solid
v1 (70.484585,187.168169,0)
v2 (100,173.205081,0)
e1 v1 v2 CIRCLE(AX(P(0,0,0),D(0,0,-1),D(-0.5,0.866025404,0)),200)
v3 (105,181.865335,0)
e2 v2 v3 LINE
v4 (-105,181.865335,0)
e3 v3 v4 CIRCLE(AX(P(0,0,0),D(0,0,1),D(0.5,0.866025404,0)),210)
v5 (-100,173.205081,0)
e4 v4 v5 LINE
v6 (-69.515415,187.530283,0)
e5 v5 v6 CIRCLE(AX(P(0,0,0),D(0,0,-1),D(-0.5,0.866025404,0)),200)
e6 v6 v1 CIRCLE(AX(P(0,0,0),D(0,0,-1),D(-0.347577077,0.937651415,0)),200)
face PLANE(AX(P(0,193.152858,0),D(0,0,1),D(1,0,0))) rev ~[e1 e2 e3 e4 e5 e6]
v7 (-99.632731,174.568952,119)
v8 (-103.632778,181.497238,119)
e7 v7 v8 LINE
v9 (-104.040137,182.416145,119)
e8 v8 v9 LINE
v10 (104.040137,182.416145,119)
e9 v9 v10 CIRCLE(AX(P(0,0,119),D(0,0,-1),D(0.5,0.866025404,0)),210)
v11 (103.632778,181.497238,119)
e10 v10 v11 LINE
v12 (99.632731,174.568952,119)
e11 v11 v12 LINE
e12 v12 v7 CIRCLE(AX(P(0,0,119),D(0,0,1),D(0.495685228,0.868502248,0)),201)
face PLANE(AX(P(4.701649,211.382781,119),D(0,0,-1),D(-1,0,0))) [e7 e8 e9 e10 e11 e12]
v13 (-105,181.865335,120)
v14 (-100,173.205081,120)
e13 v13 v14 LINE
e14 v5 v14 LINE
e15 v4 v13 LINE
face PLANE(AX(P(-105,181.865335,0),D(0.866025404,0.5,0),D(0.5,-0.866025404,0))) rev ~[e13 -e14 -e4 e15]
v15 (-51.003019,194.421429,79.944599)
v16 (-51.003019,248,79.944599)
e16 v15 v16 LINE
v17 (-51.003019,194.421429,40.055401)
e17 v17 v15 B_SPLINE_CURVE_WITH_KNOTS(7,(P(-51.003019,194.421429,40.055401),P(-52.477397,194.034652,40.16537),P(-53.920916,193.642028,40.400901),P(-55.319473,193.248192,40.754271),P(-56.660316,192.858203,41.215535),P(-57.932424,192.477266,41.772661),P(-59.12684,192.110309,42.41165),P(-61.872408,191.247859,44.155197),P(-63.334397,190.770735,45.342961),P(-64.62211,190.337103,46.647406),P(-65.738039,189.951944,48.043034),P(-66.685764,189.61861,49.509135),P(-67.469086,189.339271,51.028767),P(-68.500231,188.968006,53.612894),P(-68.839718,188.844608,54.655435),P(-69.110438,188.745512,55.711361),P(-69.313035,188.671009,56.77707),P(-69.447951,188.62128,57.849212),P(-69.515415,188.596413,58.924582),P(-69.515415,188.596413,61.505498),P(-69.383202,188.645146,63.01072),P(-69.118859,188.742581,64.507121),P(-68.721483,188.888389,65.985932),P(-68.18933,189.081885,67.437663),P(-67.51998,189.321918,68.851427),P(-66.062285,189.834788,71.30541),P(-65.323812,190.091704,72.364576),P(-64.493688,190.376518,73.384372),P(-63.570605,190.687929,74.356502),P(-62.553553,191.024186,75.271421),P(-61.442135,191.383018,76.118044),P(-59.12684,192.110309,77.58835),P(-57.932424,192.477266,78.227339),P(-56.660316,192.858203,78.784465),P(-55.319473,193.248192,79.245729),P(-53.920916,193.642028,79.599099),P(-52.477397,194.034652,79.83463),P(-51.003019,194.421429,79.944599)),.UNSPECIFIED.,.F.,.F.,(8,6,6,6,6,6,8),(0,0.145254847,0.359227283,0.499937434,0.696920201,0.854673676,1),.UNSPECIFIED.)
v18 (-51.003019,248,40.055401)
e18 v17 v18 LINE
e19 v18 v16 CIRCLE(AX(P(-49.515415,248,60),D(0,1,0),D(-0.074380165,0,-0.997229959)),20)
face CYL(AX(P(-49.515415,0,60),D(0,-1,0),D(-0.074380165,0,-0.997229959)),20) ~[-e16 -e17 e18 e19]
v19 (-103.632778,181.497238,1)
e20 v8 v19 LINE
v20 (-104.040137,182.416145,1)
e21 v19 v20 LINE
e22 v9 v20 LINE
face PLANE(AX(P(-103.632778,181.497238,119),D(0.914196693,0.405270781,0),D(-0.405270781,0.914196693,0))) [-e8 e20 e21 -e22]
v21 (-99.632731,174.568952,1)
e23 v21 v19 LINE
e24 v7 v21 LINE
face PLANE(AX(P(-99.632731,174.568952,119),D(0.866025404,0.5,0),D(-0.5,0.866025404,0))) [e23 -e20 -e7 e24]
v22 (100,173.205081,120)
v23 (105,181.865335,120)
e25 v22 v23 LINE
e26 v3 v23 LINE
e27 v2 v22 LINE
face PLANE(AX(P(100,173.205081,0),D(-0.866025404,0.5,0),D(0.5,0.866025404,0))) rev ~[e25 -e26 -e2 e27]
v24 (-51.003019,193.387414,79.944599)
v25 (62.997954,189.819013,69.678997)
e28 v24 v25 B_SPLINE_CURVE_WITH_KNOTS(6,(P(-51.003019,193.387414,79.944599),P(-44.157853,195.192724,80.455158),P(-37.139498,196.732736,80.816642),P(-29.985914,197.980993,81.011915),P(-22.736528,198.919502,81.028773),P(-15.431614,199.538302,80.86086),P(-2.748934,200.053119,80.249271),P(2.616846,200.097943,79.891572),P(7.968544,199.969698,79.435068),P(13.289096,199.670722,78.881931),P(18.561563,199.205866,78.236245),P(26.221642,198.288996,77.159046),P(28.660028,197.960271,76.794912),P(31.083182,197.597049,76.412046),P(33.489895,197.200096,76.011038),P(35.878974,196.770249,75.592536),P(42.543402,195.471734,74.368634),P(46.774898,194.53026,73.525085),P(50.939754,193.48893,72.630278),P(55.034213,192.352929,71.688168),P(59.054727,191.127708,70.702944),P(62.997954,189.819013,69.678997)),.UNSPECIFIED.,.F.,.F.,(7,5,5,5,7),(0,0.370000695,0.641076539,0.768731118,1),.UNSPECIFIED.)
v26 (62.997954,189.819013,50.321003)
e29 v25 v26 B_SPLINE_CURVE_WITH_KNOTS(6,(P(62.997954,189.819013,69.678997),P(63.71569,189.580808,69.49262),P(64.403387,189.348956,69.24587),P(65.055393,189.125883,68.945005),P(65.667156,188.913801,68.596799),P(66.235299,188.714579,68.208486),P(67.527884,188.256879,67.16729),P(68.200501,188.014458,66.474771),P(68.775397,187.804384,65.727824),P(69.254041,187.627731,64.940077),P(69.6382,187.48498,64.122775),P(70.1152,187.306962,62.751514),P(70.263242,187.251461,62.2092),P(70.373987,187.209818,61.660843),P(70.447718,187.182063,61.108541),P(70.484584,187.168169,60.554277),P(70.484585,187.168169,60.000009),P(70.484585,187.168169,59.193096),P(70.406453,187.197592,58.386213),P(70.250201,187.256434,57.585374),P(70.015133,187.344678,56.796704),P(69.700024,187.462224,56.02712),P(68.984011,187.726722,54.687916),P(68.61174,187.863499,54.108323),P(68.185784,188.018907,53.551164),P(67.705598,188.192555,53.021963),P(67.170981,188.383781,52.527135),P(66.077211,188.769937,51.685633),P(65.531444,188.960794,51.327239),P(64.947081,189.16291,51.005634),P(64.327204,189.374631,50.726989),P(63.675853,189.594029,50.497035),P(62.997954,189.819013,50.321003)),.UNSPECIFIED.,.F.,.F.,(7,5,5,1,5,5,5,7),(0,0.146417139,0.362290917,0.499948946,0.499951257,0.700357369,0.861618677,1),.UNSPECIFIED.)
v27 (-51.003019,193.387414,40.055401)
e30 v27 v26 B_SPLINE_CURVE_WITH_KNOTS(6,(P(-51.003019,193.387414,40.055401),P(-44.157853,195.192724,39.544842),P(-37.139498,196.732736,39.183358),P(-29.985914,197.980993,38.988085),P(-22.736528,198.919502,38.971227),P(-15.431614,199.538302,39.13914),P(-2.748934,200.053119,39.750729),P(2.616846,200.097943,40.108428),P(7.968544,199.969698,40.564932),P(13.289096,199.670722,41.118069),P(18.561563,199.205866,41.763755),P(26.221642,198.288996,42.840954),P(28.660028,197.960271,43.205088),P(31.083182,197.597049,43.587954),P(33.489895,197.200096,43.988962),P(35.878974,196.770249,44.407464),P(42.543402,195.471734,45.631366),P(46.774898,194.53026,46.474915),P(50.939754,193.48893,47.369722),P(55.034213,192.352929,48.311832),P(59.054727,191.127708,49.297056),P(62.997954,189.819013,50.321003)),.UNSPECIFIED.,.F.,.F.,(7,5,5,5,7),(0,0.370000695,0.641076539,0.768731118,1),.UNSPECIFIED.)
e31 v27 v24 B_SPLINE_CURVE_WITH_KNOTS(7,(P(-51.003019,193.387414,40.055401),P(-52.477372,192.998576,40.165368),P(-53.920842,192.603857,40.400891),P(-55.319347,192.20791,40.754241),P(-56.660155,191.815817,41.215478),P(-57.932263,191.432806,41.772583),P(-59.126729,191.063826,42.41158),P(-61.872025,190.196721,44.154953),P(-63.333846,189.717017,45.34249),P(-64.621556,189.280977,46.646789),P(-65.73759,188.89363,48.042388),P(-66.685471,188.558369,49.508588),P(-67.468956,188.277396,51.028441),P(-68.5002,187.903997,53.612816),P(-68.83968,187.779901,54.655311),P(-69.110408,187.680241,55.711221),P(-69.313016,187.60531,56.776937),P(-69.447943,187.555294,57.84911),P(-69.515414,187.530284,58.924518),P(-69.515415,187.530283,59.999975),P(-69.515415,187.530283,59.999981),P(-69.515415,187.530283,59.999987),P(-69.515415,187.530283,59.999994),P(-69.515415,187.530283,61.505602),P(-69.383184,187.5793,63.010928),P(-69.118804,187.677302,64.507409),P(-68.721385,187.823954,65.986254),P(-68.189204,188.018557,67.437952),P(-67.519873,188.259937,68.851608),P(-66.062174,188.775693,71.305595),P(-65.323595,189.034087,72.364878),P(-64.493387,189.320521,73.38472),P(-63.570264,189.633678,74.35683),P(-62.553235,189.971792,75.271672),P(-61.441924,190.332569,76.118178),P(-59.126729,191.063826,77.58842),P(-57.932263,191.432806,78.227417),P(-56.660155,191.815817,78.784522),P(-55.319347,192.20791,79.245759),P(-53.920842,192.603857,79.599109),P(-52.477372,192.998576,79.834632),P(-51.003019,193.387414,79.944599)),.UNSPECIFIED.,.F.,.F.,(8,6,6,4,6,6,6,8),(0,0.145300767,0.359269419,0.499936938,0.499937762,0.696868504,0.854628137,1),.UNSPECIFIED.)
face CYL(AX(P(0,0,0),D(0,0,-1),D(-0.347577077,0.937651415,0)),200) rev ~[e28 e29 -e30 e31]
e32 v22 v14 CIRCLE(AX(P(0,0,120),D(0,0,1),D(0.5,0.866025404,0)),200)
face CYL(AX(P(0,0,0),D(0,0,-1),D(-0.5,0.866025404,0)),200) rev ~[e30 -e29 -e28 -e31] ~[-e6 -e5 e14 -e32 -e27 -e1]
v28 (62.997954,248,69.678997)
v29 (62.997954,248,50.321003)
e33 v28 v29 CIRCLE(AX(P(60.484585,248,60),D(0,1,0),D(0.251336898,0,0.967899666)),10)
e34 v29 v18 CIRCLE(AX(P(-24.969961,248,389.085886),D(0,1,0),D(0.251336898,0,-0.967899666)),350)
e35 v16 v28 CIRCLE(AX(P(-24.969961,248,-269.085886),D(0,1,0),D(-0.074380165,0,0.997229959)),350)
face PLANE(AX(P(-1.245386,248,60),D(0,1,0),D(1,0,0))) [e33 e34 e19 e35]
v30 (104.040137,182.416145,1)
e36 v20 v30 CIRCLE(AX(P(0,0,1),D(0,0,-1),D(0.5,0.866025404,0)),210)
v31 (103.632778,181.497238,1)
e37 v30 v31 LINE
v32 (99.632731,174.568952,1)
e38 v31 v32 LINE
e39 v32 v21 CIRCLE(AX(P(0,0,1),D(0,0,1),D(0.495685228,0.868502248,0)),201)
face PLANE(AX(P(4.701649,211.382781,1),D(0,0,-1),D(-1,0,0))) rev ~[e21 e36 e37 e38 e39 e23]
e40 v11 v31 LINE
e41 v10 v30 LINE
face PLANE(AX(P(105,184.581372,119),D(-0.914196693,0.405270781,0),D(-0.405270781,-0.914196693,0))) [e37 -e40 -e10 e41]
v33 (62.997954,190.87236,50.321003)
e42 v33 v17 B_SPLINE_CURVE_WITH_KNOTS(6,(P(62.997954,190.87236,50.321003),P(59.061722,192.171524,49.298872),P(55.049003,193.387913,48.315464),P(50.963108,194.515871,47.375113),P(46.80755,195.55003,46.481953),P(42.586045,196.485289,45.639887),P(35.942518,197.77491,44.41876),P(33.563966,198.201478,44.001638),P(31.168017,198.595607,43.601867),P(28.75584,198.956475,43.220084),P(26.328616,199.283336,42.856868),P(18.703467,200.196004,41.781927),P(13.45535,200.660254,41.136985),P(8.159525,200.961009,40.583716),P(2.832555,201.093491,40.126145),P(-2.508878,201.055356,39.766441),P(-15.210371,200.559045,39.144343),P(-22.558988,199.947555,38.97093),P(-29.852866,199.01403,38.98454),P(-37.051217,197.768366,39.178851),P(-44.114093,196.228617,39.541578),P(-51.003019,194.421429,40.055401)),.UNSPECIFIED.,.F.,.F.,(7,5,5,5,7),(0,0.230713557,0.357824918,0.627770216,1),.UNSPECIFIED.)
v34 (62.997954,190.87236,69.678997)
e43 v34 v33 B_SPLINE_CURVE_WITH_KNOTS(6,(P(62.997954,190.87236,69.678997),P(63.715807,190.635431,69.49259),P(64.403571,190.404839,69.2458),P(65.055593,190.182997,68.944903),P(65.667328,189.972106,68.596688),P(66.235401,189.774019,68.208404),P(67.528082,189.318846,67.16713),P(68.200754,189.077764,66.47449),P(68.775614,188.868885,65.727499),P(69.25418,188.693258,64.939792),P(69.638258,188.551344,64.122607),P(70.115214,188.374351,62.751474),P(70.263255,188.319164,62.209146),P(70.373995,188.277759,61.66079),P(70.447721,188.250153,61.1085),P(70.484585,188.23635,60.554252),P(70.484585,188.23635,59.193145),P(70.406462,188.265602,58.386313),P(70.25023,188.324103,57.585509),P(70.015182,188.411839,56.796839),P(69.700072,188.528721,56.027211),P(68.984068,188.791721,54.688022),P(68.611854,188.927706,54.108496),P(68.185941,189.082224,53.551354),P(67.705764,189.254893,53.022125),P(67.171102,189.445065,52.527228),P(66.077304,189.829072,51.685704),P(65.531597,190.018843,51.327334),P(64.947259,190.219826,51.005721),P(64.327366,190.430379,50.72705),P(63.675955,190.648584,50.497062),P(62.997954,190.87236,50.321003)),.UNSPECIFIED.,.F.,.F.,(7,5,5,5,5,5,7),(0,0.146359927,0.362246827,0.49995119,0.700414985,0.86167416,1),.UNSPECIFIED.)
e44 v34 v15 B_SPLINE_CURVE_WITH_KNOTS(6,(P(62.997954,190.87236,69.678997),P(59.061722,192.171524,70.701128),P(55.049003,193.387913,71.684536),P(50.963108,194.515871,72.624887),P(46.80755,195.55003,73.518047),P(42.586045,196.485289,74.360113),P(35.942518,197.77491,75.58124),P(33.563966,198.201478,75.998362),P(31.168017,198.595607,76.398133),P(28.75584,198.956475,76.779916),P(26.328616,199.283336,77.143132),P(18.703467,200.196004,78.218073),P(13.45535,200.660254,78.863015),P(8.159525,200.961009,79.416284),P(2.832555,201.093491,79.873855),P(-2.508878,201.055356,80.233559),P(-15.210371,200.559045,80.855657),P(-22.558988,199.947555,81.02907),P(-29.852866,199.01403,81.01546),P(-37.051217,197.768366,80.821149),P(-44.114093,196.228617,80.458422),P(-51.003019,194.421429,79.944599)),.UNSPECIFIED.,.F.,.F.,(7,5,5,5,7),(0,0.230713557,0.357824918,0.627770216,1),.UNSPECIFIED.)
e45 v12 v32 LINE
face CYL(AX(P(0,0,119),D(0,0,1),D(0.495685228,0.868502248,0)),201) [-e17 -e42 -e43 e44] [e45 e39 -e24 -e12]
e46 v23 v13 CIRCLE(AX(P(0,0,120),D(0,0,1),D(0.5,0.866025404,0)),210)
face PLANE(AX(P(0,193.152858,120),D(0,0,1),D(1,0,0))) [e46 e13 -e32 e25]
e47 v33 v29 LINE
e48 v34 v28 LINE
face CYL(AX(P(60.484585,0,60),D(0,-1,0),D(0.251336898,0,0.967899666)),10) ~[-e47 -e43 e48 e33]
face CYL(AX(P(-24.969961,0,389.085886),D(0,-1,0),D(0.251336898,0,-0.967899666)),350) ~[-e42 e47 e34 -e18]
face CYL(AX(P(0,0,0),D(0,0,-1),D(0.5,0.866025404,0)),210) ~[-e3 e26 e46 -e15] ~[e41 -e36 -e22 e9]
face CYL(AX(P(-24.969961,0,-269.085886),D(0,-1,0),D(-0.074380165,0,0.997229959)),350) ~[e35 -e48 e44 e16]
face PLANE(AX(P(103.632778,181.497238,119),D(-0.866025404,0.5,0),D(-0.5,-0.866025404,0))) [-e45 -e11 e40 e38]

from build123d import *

# Parameters (mm, degrees)
BOSS_EXTRUDE1_DEPTH = 120
CUT_EXTRUDE1_DEPTH  = 118
BOSS_EXTRUDE2_DEPTH = 248
CUT_EXTRUDE2_DEPTH  = 269


with BuildPart() as part:
    # Sketch1 → Boss-Extrude1 (new body)
    with BuildSketch(Plane.XY):
        with BuildLine():
            Line((-105, 181.865334795), (-100, 173.205080757))
            ThreePointArc((-100, 173.205080757), (0, 200), (100, 173.205080757))
            Line((100, 173.205080757), (105, 181.865334795))
            ThreePointArc((105, 181.865334795), (0, 210), (-105, 181.865334795))
        make_face()
    extrude(amount=BOSS_EXTRUDE1_DEPTH)

    # Sketch2 → Cut-Extrude1 (cut)
    with BuildSketch(Plane.XY.offset(119)):
        with BuildLine():
            ThreePointArc((99.632730807, 174.568951855), (0, 201), (-99.632730807, 174.568951855))
            Line((-99.632730807, 174.568951855), (-103.632778417, 181.497237548))
            Line((-103.632778417, 181.497237548), (-105, 184.581371686))
            Line((-105, 184.581371686), (38.612235753, 274.588582832))
            Line((38.612235753, 274.588582832), (105, 184.581371686))
            Line((105, 184.581371686), (103.632778417, 181.497237548))
            Line((103.632778417, 181.497237548), (99.632730807, 174.568951855))
        make_face()
    extrude(amount=-CUT_EXTRUDE1_DEPTH, mode=Mode.SUBTRACT)

    # Sketch3 → Boss-Extrude2 (add)
    with BuildSketch(Plane(origin=(0, 0, 0), x_dir=(1, 0, 0), z_dir=(0, 1, 0))):
        with BuildLine():
            ThreePointArc((-51.003018744, -40.055400821), (-69.515415438, -60), (-51.003018744, -79.944599179))
            ThreePointArc((-51.003018744, -79.944599179), (6.419962074, -79.503661207), (62.997953546, -69.67899666))
            ThreePointArc((62.997953546, -69.67899666), (70.484584562, -60), (62.997953546, -50.32100334))
            ThreePointArc((62.997953546, -50.32100334), (6.419962074, -40.496338793), (-51.003018744, -40.055400821))
        make_face()
    extrude(amount=BOSS_EXTRUDE2_DEPTH)

    # Sketch4 → Cut-Extrude2 (cut)
    with BuildSketch(Plane.XY):
        with BuildLine():
            Line((70.484584562, 187.168168606), (163.146781593, -79.750206807))
            Line((163.146781593, -79.750206807), (-229.131099013, -106.991726293))
            Line((-229.131099013, -106.991726293), (-69.515415438, 187.530282932))
            ThreePointArc((-69.515415438, 187.530282932), (0.51730445, 199.999330989), (70.484584562, 187.168168606))
        make_face()
    extrude(amount=CUT_EXTRUDE2_DEPTH, mode=Mode.SUBTRACT)


solid = part.part
